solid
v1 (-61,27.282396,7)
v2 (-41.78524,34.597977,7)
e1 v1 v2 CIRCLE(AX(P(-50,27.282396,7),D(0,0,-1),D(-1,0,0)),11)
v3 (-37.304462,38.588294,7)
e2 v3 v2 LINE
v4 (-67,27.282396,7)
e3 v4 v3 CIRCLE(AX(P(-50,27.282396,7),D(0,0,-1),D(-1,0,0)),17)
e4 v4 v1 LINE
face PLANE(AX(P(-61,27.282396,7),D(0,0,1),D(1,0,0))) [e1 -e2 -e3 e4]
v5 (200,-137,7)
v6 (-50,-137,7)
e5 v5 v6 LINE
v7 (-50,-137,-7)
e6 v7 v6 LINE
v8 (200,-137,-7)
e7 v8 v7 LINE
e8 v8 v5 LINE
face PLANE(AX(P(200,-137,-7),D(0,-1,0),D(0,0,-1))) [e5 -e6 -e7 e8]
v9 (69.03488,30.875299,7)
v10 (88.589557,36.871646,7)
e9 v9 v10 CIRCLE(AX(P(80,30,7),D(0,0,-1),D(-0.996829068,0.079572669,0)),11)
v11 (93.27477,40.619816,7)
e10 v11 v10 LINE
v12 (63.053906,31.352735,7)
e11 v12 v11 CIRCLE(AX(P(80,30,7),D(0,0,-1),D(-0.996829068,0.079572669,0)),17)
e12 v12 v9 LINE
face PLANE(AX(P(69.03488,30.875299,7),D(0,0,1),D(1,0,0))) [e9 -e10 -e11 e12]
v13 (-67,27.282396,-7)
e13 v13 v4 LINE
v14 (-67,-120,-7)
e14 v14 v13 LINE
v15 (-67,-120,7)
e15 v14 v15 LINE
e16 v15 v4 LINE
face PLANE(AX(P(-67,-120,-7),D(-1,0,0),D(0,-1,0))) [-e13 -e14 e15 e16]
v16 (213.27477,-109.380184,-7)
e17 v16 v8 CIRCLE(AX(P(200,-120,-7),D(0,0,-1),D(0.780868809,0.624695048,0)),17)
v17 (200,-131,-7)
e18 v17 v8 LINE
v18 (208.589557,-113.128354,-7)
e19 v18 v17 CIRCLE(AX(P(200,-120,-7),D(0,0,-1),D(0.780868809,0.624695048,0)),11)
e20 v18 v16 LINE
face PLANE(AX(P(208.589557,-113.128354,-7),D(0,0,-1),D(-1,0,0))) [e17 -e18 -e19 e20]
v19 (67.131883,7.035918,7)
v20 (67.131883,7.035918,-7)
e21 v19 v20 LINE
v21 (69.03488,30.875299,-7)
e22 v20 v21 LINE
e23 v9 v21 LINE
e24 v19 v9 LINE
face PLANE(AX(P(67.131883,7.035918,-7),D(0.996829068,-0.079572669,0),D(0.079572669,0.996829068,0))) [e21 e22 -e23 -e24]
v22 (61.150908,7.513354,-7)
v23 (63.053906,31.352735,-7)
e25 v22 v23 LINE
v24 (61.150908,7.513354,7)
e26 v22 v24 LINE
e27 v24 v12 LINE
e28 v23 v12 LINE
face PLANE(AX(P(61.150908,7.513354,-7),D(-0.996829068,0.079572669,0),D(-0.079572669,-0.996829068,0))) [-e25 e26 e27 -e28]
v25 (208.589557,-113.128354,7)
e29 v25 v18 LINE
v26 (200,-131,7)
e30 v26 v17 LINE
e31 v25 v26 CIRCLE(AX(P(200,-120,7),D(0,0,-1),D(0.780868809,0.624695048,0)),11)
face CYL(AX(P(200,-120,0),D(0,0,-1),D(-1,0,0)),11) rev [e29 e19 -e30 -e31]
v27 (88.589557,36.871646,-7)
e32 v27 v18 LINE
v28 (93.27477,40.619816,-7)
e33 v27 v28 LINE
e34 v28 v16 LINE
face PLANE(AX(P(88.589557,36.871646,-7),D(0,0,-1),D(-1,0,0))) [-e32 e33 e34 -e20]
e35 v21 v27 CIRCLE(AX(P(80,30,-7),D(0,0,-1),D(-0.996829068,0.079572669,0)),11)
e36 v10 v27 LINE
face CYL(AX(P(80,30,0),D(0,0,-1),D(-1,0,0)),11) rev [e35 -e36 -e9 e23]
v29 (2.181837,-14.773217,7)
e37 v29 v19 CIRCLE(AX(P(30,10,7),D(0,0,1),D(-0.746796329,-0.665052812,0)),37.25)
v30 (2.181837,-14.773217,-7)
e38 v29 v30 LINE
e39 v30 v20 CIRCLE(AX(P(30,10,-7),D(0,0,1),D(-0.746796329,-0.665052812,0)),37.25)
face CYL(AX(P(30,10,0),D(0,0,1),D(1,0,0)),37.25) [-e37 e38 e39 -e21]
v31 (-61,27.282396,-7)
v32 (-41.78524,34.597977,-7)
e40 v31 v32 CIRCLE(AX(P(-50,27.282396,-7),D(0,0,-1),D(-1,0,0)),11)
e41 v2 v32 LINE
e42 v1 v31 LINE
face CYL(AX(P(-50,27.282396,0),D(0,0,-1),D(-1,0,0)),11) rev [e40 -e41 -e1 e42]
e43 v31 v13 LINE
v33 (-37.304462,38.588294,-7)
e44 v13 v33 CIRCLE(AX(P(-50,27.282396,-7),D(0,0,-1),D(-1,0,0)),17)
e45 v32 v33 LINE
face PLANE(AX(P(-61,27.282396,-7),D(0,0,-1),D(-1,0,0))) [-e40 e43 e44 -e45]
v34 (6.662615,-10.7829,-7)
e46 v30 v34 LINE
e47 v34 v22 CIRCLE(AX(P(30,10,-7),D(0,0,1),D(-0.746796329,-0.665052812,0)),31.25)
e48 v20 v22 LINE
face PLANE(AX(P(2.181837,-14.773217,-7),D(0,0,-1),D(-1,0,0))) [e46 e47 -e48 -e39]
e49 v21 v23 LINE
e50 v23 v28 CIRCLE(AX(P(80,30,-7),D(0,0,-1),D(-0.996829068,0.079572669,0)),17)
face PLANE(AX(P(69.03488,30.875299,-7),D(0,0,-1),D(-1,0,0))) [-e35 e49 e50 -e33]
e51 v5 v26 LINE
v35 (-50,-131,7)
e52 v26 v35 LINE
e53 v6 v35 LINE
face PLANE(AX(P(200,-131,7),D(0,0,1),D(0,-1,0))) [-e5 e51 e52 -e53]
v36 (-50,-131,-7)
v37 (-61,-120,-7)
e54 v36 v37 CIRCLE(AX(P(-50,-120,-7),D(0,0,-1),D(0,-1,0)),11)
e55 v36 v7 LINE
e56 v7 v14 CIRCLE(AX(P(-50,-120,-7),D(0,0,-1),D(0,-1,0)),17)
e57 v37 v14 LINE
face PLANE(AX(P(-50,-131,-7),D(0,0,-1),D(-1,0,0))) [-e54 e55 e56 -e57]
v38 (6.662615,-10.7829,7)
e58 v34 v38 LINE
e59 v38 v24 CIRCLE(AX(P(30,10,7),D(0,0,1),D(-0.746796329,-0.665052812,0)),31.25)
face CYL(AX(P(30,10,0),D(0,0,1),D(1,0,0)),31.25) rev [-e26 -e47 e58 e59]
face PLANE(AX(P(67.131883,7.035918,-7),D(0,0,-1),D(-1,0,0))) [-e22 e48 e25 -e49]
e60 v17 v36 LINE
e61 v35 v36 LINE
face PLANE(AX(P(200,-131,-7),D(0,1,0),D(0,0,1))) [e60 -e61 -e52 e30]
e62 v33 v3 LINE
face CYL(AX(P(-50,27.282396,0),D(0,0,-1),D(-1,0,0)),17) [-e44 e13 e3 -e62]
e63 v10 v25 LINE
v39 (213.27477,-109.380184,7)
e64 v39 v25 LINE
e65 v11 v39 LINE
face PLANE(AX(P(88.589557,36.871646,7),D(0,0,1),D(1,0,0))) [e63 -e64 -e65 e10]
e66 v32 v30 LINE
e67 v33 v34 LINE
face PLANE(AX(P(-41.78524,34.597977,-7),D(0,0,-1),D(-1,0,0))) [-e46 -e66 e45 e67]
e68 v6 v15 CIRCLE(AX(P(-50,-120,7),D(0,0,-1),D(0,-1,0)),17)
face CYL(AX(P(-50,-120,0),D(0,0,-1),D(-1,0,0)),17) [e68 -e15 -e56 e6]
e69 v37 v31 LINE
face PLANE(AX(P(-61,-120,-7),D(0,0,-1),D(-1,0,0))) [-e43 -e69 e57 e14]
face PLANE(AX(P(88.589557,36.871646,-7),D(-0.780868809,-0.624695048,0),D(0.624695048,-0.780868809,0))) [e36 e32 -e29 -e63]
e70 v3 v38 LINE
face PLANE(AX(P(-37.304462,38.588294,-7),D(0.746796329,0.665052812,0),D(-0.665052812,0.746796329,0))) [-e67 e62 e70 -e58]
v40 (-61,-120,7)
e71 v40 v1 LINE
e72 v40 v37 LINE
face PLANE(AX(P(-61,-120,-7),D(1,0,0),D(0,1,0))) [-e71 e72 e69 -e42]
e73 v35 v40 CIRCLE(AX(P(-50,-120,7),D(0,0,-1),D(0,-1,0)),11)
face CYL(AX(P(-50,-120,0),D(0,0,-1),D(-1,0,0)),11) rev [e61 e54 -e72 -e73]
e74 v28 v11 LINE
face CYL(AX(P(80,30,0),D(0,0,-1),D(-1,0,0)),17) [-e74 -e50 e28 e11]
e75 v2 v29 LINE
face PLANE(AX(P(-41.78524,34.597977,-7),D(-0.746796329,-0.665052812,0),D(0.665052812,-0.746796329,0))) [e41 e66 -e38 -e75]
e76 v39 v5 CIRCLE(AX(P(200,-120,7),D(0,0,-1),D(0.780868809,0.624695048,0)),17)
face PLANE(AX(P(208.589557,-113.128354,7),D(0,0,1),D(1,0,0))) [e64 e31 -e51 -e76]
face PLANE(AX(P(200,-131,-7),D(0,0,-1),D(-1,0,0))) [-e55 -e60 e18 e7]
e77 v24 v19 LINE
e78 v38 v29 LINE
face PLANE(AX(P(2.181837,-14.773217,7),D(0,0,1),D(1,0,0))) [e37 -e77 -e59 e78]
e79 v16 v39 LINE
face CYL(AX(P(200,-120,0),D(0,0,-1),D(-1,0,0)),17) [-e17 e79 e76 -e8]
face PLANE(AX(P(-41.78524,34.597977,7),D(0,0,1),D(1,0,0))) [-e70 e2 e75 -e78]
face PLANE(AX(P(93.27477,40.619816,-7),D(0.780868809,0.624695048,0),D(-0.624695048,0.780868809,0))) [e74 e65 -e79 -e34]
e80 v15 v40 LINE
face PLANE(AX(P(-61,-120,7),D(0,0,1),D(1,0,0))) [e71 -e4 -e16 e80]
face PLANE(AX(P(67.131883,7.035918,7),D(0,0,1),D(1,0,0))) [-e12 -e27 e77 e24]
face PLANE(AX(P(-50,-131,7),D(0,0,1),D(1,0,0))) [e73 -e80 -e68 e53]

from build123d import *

# Parameters (mm, degrees)
SKETCH3_W = 14
SKETCH3_H = 6


with BuildPart() as part:
    # Sweep1: sweep along a path in Sketch2
    with BuildLine(Plane.XY) as sweep1_path:
        Line((64.14139557, 7.274636075), (66.044393052, 31.114017371))
        ThreePointArc((66.044393052, 31.114017371), (75.895604213, 43.384839753), (90.932163332, 38.745730666))
        Line((90.932163332, 38.745730666), (210.932163332, -111.254269334))
        ThreePointArc((210.932163332, -111.254269334), (212.618245308, -126.064642227), (200, -134))
        Line((200, -134), (-50, -134))
        ThreePointArc((-50, -134), (-59.899494937, -129.899494937), (-64, -120))
        Line((-64, -120), (-64, 27.282396409))
        ThreePointArc((-64, 27.282396409), (-54.981361234, 40.366204733), (-39.544851392, 36.593135778))
        Line((-39.544851392, 36.593135778), (4.422225727, -12.778058812))
        ThreePointArc((4.422225727, -12.778058812), (40.902364216, -22.46846092), (64.14139557, 7.274636075))
    # Sketch3 → Sweep1 (sweep)
    with BuildSketch(Plane(origin=(-50, -134, 0), x_dir=(0, 0, 1), z_dir=(-1, 0, 0))):
        Rectangle(SKETCH3_W, SKETCH3_H)
    sweep(path=sweep1_path.line)


solid = part.part
